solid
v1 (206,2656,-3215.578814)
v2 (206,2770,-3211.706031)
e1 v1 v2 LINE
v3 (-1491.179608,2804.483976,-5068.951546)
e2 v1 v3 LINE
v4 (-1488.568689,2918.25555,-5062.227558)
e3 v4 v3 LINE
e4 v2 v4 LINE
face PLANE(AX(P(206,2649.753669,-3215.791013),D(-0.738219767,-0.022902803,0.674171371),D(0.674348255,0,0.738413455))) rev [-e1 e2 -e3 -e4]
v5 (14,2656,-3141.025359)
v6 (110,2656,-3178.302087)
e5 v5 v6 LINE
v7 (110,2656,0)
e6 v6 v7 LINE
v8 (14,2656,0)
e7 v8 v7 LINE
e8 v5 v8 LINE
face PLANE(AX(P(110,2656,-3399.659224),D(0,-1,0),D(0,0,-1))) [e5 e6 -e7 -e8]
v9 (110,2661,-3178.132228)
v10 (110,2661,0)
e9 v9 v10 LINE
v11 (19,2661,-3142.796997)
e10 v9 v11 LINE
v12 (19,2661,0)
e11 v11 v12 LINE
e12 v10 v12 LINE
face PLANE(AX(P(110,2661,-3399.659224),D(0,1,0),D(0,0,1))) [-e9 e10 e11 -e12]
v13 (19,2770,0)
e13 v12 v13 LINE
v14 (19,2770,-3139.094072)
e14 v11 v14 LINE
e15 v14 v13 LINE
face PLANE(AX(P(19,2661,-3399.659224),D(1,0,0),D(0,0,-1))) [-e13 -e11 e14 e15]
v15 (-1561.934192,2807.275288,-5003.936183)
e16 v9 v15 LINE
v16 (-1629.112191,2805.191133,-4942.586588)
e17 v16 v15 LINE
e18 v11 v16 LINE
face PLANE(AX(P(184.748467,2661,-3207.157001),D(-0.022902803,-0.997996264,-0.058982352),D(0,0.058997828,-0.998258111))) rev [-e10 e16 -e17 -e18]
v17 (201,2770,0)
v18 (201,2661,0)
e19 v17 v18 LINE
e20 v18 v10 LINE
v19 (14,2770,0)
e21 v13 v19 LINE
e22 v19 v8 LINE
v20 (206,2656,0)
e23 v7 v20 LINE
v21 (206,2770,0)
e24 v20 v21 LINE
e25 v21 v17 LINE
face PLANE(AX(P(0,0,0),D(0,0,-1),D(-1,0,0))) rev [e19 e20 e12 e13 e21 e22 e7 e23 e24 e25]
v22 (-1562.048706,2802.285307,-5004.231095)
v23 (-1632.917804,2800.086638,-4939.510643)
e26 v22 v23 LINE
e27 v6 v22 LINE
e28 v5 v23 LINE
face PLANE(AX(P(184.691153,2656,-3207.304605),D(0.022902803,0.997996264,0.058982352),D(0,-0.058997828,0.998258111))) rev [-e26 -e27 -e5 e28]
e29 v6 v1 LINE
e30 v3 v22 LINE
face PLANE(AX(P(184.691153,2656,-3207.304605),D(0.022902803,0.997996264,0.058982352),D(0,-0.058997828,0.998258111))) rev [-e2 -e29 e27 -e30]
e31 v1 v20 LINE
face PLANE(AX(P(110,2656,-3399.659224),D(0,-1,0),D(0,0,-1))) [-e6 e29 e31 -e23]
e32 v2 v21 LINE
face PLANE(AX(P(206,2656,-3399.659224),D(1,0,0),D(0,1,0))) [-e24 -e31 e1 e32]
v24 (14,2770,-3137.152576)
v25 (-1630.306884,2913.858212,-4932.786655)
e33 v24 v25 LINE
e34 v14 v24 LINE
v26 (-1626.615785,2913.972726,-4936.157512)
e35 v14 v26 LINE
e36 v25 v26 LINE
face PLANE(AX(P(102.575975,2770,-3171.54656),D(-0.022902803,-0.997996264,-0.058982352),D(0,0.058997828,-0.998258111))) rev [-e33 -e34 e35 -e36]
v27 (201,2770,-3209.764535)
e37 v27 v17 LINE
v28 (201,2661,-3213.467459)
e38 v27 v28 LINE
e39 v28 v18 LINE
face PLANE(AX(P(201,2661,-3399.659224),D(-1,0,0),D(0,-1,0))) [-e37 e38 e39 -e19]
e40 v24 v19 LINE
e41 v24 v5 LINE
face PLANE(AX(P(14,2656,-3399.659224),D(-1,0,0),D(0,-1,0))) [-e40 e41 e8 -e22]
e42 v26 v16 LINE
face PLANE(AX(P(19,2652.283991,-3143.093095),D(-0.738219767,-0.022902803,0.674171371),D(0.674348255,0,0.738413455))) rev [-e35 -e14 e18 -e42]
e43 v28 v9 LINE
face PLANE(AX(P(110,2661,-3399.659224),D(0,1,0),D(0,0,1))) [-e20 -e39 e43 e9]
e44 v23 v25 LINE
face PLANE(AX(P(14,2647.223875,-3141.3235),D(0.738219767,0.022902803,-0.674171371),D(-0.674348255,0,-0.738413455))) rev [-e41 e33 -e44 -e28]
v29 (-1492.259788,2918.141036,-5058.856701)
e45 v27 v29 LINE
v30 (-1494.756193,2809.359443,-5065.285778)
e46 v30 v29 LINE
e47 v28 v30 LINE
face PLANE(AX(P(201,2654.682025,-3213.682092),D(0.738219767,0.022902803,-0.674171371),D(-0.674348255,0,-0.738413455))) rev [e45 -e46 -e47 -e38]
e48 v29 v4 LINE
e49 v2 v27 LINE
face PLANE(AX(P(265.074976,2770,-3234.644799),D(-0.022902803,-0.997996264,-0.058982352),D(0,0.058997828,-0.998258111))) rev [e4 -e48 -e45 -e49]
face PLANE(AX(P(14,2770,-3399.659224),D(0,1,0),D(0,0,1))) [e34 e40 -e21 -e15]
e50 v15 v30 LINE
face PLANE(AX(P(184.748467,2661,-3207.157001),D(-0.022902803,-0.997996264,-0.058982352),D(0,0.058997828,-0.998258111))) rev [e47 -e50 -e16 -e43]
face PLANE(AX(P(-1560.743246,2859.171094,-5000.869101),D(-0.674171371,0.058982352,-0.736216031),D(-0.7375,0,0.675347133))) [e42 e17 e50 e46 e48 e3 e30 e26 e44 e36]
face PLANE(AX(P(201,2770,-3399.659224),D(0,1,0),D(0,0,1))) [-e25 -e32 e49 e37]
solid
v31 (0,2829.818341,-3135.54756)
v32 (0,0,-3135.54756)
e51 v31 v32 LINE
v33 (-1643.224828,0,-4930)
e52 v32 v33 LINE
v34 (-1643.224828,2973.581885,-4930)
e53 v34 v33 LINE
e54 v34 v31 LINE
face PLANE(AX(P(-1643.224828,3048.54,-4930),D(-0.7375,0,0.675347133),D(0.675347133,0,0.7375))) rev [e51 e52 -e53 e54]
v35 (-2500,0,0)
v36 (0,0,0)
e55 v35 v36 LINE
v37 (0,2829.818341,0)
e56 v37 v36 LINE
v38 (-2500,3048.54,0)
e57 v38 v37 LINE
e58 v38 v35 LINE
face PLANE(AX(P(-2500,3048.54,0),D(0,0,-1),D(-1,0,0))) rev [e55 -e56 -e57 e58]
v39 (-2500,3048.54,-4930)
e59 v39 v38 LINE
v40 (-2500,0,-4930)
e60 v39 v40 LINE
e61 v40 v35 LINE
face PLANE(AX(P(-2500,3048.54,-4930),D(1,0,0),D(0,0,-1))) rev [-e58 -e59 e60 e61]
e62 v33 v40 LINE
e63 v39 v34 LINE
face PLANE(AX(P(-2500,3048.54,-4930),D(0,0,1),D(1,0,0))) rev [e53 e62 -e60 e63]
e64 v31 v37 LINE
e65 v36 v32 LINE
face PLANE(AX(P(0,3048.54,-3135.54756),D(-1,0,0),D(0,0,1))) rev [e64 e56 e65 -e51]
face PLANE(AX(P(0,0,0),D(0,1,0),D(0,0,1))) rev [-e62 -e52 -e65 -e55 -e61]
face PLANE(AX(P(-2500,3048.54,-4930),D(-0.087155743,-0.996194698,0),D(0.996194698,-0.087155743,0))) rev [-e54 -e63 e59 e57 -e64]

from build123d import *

# Parameters (mm, degrees)
AUFSATZ_LINEAR_AUSTRAGEN1_DEPTH = 3048.54
SCHNITT_LINEAR_AUSTRAGEN1_DEPTH = 4931


with BuildPart() as part:
    # Skizze1 → Aufsatz-Linear austragen1 (new body)
    with BuildSketch(Plane(origin=(0, 0, 0), x_dir=(1, 0, 0), z_dir=(0, 1, 0))):
        Polygon((-2500, 4930), (-2500, 0), (0, 0), (0, 3135.547559896), (-1643.224828015, 4930), align=None)
    extrude(amount=AUFSATZ_LINEAR_AUSTRAGEN1_DEPTH)

    # Skizze2 → Schnitt-Linear austragen1 (cut, through all)
    with BuildSketch(Plane.XY):
        Polygon((-2500, 3048.54), (0, 2829.818341185), (0, 3048.54), align=None)
    extrude(amount=-SCHNITT_LINEAR_AUSTRAGEN1_DEPTH, mode=Mode.SUBTRACT)


with BuildPart() as body_2:
    # Austragung3: sweep along a path in Skizze4
    with BuildLine(Plane(origin=(230.711125671, 2637.040233244, 0), x_dir=(0.996194698, -0.087155743, 0), z_dir=(0.087155743, 0.996194698, 0))) as austragung3_path:
        Line((-231.59240469, 0), (-231.59240469, 3135.547559896))
        Line((-231.59240469, 3135.547559896), (-1881.094084596, 4930))
    # Skizze3 → Austragung3 (sweep)
    with BuildSketch(Plane.XY):
        Polygon((14, 2656), (14, 2770), (19, 2770), (19, 2661), (110, 2661), (201, 2661), (201, 2770), (206, 2770), (206, 2656), (110, 2656), align=None)
    sweep(path=austragung3_path.line, transition=Transition.RIGHT)


solid = Compound([part.part, body_2.part])
